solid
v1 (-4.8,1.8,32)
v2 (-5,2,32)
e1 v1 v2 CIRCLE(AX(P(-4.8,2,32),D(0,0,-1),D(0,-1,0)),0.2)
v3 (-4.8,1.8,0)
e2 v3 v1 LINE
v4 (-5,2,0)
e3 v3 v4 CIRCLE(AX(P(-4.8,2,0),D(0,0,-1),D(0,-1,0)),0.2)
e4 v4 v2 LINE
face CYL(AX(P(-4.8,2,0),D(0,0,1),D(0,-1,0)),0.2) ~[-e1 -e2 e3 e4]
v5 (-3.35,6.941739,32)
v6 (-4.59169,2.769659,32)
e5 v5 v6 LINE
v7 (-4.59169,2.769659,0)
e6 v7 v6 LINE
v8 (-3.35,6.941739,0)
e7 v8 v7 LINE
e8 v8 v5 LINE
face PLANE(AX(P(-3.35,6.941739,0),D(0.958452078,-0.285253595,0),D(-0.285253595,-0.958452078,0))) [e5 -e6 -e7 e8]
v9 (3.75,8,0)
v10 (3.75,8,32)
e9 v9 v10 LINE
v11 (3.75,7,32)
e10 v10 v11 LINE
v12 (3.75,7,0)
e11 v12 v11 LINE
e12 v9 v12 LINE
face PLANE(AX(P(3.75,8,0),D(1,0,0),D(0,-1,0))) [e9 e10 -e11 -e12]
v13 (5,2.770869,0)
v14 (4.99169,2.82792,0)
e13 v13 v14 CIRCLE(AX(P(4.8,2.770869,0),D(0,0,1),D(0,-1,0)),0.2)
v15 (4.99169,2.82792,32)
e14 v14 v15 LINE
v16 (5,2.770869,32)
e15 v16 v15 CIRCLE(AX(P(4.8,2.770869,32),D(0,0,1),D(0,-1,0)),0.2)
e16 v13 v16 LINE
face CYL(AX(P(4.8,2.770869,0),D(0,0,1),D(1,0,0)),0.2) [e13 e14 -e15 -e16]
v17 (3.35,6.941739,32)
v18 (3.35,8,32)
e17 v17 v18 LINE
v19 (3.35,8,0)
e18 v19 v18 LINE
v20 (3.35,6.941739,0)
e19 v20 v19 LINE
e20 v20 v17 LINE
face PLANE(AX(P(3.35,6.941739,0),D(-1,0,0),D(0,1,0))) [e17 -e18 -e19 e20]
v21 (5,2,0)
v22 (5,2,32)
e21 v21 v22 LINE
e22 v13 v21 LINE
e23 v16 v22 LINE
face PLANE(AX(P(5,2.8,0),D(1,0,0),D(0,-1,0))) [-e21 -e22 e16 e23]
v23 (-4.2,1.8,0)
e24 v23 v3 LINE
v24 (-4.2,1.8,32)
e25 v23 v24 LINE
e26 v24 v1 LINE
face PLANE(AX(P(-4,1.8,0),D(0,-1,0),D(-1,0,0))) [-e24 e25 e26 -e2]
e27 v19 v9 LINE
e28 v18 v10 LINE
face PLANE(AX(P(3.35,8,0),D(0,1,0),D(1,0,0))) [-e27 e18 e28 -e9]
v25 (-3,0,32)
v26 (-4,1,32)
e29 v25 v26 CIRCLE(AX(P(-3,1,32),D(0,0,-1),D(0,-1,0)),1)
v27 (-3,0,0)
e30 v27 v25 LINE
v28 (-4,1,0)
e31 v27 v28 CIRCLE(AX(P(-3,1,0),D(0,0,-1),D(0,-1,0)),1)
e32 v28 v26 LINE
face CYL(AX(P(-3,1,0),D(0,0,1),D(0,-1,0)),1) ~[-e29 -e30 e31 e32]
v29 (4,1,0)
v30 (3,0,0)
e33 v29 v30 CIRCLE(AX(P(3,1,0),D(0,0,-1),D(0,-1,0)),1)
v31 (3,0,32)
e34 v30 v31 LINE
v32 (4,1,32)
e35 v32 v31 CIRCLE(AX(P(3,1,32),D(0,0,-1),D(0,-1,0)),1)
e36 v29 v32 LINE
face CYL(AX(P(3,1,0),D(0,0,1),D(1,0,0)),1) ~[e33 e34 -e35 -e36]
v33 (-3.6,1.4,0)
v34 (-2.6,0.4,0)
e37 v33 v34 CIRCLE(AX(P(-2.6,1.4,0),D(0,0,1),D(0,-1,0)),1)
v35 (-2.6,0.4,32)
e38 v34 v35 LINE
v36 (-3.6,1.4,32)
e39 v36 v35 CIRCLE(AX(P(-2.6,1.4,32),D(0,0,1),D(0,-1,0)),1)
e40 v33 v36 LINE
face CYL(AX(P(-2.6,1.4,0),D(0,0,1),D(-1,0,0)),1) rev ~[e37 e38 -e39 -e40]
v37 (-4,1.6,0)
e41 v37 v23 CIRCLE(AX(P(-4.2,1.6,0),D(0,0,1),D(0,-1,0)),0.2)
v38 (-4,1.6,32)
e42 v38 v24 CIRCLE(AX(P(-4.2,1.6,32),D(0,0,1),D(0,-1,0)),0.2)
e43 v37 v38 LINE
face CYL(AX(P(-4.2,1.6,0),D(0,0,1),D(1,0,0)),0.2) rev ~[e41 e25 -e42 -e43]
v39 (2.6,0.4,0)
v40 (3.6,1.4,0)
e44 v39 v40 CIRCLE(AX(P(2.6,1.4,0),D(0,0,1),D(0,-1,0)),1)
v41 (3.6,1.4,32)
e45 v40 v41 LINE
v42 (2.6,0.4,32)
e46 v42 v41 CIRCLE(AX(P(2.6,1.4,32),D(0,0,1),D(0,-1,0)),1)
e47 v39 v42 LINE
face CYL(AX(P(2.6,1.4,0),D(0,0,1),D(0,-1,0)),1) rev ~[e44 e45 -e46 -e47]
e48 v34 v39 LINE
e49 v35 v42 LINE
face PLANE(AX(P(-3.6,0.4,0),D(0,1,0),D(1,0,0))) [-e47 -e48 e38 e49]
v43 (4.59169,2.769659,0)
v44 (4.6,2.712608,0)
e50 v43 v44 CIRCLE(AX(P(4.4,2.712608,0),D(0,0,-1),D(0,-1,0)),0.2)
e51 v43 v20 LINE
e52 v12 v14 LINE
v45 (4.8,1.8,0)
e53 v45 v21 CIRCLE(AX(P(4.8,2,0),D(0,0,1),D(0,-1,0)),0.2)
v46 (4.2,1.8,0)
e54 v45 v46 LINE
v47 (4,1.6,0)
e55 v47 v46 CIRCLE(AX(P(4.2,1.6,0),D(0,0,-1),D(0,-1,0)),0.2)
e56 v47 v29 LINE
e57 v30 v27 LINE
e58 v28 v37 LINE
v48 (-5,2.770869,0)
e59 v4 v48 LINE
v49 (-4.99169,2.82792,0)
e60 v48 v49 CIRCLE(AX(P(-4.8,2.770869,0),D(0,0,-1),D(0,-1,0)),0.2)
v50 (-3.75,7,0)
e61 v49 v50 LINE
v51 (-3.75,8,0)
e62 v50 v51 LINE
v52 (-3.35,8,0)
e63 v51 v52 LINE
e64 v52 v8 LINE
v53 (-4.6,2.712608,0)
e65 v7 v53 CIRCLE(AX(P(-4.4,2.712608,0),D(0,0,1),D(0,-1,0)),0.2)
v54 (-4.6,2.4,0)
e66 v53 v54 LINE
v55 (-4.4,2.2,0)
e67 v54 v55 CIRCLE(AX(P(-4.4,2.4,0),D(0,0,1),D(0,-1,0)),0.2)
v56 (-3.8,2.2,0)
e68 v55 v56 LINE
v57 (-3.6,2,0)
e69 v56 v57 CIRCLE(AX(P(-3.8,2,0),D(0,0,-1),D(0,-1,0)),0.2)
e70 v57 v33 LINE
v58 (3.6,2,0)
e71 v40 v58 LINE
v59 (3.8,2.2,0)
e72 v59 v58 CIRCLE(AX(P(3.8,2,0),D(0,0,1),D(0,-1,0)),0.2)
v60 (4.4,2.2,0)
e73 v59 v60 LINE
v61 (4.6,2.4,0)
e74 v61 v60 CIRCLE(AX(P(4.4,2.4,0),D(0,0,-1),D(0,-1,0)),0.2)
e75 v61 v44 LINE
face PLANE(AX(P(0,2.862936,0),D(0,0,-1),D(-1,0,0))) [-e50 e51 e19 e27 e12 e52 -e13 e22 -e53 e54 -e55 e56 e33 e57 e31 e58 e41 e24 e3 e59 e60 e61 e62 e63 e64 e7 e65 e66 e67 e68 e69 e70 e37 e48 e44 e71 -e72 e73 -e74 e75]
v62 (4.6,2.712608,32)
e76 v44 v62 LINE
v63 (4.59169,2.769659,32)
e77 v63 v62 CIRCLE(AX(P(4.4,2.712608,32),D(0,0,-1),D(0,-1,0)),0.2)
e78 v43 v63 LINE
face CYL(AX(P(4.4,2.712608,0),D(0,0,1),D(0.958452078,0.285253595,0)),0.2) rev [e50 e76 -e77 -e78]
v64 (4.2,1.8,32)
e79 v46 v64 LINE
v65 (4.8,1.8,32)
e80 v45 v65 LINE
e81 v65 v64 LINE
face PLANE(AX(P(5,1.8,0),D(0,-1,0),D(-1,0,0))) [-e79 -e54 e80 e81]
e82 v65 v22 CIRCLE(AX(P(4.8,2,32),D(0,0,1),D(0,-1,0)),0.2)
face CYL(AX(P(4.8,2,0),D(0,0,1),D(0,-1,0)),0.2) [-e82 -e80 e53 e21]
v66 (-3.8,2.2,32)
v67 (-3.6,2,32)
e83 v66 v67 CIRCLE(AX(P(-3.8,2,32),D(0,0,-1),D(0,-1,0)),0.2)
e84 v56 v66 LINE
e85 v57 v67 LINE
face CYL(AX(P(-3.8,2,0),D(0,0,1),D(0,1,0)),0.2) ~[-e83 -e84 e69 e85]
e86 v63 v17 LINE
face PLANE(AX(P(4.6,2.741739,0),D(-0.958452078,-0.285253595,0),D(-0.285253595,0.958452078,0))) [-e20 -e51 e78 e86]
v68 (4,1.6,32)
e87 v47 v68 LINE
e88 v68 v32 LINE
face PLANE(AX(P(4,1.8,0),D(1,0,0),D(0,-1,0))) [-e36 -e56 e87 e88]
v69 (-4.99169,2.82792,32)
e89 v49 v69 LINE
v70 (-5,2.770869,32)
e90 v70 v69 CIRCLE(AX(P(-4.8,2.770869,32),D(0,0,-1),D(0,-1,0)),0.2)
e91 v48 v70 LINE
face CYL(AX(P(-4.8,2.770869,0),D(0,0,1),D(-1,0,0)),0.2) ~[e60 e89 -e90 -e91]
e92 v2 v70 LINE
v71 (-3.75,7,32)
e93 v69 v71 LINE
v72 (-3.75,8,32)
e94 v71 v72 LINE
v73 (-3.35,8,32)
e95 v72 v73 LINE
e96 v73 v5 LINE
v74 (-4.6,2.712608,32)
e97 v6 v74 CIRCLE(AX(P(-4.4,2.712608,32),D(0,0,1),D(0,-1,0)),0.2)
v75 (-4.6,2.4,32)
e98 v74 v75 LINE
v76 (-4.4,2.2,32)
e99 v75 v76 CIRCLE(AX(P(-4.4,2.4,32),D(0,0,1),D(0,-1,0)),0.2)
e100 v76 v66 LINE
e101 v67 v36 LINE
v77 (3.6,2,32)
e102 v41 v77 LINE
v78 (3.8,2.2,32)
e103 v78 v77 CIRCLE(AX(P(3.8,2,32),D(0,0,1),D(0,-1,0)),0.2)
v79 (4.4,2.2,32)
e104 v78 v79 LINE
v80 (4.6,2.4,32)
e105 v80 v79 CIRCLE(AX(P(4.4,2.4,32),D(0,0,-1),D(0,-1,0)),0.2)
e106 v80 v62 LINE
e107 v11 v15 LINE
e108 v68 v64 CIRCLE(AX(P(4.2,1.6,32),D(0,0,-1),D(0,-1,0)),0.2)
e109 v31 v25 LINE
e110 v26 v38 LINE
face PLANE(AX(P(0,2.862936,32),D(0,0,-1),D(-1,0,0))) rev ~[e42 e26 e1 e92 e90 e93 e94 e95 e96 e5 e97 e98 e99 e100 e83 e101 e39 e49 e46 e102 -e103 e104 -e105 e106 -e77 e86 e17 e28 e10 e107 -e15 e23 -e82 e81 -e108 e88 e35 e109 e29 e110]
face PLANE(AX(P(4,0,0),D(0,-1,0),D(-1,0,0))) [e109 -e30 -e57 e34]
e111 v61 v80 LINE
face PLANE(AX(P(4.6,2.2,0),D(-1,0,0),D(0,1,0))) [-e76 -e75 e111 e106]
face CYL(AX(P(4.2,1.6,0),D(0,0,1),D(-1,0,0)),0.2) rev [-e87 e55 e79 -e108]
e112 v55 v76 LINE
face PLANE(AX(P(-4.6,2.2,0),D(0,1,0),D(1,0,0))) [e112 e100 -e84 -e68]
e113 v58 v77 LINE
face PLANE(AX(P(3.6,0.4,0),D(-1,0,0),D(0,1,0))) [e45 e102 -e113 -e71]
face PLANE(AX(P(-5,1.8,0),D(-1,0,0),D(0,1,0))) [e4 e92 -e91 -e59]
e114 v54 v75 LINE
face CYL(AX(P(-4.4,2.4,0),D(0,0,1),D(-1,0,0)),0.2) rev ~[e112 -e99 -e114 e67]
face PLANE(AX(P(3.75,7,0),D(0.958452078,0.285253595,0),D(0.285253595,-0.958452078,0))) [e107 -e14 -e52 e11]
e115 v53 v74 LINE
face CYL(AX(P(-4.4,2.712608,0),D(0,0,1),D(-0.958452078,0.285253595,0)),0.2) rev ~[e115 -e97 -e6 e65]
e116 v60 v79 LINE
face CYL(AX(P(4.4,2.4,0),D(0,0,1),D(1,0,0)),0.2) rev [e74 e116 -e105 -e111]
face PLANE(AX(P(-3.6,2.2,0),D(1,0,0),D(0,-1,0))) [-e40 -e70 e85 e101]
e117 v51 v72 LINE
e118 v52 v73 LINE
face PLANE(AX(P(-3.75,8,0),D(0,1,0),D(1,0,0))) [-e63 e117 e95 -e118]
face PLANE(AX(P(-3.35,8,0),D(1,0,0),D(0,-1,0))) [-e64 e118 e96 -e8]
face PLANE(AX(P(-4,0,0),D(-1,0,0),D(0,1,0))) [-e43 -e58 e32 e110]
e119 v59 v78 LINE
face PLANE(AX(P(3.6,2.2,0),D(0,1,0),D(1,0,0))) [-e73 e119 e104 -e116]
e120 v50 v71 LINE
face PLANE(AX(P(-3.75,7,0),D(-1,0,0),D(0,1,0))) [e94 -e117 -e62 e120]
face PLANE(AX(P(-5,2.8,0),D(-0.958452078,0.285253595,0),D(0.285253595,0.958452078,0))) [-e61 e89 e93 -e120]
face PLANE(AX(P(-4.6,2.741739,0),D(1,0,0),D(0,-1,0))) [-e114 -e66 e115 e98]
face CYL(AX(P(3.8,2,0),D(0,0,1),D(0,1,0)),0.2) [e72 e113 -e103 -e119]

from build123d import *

# Parameters (mm, degrees)
EXTRUDE_THIN1_DEPTH = 32
FILLET1_R           = 1
FILLET2_R           = 0.2


with BuildPart() as part:
    # Sketch1 → Extrude-Thin1 (new body)
    with BuildSketch(Plane.XY):
        Polygon((3.75, 8), (3.75, 7), (5, 2.8), (5, 1.8), (4, 1.8), (4, 0), (-4, 0), (-4, 1.8), (-5, 1.8), (-5, 2.8), (-3.75, 7), (-3.75, 8), (-3.35, 8), (-3.35, 6.941738969), (-4.6, 2.741738969), (-4.6, 2.2), (-3.6, 2.2), (-3.6, 0.4), (3.6, 0.4), (3.6, 2.2), (4.6, 2.2), (4.6, 2.741738969), (3.35, 6.941738969), (3.35, 8), align=None)
    extrude(amount=EXTRUDE_THIN1_DEPTH)

    # Fillet1
    fillet1_edges = [part.edges().sort_by_distance(p)[0] for p in [
        (4, 0, 16),
        (-4, 0, 16),
        (-3.6, 0.4, 16),
        (3.6, 0.4, 16),
    ]]
    fillet(fillet1_edges, radius=FILLET1_R)

    # Fillet2
    fillet2_edges = [part.edges().sort_by_distance(p)[0] for p in [
        (5, 2.8, 16),
        (5, 1.8, 16),
        (4, 1.8, 16),
        (-4, 1.8, 16),
        (-5, 1.8, 16),
        (-5, 2.8, 16),
        (-4.6, 2.741738969, 16),
        (-4.6, 2.2, 16),
        (-3.6, 2.2, 16),
        (3.6, 2.2, 16),
        (4.6, 2.2, 16),
        (4.6, 2.741738969, 16),
    ]]
    fillet(fillet2_edges, radius=FILLET2_R)


solid = part.part
